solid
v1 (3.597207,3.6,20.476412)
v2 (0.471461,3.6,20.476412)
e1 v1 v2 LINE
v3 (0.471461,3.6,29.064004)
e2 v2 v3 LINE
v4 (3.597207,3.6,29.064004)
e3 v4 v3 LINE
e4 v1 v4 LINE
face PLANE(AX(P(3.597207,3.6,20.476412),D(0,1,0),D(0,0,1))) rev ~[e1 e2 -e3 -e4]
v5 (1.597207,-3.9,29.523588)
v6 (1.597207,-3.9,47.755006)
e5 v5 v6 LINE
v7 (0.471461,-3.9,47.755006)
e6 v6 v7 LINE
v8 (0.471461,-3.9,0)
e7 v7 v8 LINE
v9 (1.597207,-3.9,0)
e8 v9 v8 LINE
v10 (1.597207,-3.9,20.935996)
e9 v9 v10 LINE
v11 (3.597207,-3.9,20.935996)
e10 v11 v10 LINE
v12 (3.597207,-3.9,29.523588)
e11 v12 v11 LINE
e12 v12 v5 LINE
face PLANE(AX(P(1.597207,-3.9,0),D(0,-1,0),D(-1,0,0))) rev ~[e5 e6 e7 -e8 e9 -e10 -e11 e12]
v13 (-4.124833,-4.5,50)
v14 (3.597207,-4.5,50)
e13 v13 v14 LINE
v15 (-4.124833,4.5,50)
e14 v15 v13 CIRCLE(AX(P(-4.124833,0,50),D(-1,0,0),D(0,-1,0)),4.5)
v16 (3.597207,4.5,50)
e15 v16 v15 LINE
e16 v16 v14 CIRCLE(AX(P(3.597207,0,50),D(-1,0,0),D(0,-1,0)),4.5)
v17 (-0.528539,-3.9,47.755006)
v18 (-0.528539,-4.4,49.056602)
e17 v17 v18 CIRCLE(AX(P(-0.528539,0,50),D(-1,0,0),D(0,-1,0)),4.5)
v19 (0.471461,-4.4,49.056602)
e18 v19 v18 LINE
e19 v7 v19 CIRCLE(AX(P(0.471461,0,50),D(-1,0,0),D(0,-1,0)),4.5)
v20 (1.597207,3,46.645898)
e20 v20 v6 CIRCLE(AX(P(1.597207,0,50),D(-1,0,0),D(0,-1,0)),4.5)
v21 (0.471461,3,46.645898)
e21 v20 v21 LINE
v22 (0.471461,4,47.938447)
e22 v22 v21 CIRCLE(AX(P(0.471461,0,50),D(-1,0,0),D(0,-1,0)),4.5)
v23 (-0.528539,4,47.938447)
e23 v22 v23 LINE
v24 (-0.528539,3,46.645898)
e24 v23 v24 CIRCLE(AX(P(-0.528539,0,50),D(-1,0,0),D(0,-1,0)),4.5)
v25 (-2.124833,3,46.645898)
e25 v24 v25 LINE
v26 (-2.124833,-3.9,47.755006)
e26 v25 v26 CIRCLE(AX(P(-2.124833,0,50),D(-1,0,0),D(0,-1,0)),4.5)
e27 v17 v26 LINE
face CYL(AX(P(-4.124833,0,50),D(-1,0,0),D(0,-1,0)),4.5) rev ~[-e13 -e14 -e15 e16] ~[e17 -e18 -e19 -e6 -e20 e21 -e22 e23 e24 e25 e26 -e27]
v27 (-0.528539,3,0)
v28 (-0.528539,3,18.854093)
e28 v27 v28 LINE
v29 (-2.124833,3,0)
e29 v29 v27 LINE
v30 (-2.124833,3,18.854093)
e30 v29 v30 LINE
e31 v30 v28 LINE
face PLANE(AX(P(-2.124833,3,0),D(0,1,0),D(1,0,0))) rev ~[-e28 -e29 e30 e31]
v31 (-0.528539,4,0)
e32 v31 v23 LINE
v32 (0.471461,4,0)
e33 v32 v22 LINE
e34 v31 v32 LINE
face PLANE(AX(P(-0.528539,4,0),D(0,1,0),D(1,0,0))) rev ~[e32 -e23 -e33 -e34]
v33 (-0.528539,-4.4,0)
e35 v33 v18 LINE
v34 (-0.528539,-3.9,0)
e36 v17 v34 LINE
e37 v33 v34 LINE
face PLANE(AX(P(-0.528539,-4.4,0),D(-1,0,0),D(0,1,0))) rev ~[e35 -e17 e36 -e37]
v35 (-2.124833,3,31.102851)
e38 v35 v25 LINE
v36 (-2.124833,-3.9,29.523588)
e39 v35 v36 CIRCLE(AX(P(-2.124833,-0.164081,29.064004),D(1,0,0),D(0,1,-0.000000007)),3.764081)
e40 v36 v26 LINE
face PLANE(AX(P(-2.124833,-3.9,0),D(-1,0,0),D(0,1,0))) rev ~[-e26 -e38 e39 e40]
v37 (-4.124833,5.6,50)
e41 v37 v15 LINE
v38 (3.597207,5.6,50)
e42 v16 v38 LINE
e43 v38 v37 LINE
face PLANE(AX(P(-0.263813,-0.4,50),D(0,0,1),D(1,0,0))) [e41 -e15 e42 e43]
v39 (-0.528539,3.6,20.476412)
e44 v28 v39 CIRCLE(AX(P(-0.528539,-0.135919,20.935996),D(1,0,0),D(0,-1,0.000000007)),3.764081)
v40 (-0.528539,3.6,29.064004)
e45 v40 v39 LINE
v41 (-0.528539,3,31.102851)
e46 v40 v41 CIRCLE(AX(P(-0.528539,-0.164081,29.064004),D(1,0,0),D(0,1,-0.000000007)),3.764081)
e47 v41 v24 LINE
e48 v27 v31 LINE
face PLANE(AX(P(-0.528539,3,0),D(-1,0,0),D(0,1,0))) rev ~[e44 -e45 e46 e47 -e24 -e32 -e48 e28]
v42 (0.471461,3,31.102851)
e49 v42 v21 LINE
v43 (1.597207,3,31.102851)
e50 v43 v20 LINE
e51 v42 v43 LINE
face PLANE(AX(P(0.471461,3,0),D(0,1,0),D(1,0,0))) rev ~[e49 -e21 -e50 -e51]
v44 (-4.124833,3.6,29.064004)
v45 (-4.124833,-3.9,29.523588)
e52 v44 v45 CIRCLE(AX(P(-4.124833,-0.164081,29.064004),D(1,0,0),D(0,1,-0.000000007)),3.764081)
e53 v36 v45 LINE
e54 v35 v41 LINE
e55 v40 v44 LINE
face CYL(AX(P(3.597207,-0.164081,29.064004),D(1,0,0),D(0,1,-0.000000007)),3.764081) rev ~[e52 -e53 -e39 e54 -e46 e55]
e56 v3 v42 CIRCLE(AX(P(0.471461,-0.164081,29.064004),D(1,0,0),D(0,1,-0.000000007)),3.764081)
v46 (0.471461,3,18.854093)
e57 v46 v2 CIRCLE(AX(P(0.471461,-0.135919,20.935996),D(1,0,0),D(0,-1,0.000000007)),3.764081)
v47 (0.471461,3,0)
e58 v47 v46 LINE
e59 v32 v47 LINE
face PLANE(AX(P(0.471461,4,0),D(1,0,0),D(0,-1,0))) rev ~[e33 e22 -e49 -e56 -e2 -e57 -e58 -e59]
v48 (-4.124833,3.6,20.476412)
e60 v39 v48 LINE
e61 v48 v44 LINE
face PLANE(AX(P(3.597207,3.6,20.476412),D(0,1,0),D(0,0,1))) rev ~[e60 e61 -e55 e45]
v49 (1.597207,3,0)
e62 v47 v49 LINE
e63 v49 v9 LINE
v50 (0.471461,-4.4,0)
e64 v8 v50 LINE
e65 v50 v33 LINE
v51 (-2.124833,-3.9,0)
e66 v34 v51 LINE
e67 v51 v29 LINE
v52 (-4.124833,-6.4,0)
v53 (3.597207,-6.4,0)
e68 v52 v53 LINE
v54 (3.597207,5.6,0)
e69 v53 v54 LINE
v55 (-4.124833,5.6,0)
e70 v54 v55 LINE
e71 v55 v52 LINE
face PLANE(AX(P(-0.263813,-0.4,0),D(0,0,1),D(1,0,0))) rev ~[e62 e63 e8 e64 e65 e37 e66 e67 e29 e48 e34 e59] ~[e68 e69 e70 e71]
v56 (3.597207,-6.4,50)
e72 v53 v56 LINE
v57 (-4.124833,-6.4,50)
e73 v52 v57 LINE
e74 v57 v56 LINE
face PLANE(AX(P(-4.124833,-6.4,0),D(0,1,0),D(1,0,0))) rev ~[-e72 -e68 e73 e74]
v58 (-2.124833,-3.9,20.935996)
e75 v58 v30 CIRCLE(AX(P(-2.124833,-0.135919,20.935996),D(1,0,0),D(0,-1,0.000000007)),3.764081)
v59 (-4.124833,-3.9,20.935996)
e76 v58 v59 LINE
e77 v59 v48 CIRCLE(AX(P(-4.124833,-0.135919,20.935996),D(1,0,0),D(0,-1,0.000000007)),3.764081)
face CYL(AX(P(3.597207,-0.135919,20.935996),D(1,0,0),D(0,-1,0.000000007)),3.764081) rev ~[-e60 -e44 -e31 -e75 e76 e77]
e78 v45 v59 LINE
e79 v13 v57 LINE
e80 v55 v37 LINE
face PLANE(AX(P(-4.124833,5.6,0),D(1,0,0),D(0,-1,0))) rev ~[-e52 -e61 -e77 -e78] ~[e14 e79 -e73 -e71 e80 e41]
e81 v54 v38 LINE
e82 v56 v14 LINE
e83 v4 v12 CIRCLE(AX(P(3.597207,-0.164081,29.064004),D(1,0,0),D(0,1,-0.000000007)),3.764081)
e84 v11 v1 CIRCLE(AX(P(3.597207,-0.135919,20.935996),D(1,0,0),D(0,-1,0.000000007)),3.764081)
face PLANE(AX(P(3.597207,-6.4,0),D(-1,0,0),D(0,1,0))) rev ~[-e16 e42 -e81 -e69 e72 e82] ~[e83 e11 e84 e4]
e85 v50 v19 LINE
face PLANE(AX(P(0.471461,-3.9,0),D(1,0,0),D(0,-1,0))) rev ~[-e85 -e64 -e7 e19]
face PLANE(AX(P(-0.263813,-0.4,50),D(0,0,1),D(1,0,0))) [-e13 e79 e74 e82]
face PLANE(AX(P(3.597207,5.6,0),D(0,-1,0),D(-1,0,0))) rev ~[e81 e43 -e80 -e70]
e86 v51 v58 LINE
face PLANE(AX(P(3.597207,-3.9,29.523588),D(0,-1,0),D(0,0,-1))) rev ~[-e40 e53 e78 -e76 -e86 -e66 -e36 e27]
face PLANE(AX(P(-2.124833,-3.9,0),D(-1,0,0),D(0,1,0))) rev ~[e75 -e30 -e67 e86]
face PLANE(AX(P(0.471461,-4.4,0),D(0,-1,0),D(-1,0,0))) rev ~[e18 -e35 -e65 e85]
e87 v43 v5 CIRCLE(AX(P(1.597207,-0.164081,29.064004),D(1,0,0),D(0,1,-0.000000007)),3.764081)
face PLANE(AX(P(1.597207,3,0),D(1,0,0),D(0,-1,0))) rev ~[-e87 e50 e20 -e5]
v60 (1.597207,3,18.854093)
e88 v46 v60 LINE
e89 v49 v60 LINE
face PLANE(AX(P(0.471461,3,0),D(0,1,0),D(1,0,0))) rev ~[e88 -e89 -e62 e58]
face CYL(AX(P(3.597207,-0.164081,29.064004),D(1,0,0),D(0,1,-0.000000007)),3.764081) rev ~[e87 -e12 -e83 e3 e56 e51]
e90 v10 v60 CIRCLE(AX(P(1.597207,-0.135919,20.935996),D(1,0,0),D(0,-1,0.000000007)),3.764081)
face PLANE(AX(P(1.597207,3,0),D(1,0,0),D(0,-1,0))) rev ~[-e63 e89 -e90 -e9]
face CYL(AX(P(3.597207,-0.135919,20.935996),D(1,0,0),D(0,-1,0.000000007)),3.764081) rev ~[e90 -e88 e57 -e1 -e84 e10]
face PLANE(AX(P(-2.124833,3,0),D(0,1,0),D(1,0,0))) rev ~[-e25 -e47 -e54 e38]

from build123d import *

# Parameters (mm, degrees)
F1_DEPTH = 50
F3_DEPTH = 25
F4_R     = 4.5
F5_DEPTH = 25


with BuildPart() as f1:
    # F0 (on Top) → F1 (new body)
    with BuildSketch(Plane.XY):
        Polygon((1.597207, 5.6), (-2.124833, 5.6), (-4.124833, 5.6), (-4.124833, -6.4), (-2.124833, -6.4), (1.597207, -6.4), (3.597207, -6.4), (3.597207, 5.6), align=None)
        Polygon((-0.528539, 3), (-0.528539, 4), (0.471461, 4), (0.471461, 3), (1.597207, 3), (1.597207, -3.9), (0.471461, -3.9), (0.471461, -4.4), (-0.528539, -4.4), (-0.528539, -3.9), (-2.124833, -3.9), (-2.124833, 3), align=None, mode=Mode.SUBTRACT)
    extrude(amount=F1_DEPTH)

    # F2 (on face) → F3 (cut)
    with BuildSketch(Plane.YZ.offset(3.597207)):
        with BuildLine():
            Line((-3.9, 29.523588), (-3.9, 20.935996))
            ThreePointArc((-3.9, 20.935996), (-0.366142, 17.178962), (3.6, 20.476412))
            Line((3.6, 20.476412), (3.6, 29.064004))
            ThreePointArc((3.6, 29.064004), (0.066142, 32.821038), (-3.9, 29.523588))
        make_face()
    extrude(amount=-F3_DEPTH, mode=Mode.SUBTRACT)

    # F4 (on face) → F5 (cut)
    with BuildSketch(Plane(origin=(-4.124833, 0, 0), x_dir=(0, -1, 0), z_dir=(-1, 0, 0))):
        with Locations((0, 50)):
            Circle(F4_R)
    extrude(amount=-F5_DEPTH, mode=Mode.SUBTRACT)


solid = f1.part
